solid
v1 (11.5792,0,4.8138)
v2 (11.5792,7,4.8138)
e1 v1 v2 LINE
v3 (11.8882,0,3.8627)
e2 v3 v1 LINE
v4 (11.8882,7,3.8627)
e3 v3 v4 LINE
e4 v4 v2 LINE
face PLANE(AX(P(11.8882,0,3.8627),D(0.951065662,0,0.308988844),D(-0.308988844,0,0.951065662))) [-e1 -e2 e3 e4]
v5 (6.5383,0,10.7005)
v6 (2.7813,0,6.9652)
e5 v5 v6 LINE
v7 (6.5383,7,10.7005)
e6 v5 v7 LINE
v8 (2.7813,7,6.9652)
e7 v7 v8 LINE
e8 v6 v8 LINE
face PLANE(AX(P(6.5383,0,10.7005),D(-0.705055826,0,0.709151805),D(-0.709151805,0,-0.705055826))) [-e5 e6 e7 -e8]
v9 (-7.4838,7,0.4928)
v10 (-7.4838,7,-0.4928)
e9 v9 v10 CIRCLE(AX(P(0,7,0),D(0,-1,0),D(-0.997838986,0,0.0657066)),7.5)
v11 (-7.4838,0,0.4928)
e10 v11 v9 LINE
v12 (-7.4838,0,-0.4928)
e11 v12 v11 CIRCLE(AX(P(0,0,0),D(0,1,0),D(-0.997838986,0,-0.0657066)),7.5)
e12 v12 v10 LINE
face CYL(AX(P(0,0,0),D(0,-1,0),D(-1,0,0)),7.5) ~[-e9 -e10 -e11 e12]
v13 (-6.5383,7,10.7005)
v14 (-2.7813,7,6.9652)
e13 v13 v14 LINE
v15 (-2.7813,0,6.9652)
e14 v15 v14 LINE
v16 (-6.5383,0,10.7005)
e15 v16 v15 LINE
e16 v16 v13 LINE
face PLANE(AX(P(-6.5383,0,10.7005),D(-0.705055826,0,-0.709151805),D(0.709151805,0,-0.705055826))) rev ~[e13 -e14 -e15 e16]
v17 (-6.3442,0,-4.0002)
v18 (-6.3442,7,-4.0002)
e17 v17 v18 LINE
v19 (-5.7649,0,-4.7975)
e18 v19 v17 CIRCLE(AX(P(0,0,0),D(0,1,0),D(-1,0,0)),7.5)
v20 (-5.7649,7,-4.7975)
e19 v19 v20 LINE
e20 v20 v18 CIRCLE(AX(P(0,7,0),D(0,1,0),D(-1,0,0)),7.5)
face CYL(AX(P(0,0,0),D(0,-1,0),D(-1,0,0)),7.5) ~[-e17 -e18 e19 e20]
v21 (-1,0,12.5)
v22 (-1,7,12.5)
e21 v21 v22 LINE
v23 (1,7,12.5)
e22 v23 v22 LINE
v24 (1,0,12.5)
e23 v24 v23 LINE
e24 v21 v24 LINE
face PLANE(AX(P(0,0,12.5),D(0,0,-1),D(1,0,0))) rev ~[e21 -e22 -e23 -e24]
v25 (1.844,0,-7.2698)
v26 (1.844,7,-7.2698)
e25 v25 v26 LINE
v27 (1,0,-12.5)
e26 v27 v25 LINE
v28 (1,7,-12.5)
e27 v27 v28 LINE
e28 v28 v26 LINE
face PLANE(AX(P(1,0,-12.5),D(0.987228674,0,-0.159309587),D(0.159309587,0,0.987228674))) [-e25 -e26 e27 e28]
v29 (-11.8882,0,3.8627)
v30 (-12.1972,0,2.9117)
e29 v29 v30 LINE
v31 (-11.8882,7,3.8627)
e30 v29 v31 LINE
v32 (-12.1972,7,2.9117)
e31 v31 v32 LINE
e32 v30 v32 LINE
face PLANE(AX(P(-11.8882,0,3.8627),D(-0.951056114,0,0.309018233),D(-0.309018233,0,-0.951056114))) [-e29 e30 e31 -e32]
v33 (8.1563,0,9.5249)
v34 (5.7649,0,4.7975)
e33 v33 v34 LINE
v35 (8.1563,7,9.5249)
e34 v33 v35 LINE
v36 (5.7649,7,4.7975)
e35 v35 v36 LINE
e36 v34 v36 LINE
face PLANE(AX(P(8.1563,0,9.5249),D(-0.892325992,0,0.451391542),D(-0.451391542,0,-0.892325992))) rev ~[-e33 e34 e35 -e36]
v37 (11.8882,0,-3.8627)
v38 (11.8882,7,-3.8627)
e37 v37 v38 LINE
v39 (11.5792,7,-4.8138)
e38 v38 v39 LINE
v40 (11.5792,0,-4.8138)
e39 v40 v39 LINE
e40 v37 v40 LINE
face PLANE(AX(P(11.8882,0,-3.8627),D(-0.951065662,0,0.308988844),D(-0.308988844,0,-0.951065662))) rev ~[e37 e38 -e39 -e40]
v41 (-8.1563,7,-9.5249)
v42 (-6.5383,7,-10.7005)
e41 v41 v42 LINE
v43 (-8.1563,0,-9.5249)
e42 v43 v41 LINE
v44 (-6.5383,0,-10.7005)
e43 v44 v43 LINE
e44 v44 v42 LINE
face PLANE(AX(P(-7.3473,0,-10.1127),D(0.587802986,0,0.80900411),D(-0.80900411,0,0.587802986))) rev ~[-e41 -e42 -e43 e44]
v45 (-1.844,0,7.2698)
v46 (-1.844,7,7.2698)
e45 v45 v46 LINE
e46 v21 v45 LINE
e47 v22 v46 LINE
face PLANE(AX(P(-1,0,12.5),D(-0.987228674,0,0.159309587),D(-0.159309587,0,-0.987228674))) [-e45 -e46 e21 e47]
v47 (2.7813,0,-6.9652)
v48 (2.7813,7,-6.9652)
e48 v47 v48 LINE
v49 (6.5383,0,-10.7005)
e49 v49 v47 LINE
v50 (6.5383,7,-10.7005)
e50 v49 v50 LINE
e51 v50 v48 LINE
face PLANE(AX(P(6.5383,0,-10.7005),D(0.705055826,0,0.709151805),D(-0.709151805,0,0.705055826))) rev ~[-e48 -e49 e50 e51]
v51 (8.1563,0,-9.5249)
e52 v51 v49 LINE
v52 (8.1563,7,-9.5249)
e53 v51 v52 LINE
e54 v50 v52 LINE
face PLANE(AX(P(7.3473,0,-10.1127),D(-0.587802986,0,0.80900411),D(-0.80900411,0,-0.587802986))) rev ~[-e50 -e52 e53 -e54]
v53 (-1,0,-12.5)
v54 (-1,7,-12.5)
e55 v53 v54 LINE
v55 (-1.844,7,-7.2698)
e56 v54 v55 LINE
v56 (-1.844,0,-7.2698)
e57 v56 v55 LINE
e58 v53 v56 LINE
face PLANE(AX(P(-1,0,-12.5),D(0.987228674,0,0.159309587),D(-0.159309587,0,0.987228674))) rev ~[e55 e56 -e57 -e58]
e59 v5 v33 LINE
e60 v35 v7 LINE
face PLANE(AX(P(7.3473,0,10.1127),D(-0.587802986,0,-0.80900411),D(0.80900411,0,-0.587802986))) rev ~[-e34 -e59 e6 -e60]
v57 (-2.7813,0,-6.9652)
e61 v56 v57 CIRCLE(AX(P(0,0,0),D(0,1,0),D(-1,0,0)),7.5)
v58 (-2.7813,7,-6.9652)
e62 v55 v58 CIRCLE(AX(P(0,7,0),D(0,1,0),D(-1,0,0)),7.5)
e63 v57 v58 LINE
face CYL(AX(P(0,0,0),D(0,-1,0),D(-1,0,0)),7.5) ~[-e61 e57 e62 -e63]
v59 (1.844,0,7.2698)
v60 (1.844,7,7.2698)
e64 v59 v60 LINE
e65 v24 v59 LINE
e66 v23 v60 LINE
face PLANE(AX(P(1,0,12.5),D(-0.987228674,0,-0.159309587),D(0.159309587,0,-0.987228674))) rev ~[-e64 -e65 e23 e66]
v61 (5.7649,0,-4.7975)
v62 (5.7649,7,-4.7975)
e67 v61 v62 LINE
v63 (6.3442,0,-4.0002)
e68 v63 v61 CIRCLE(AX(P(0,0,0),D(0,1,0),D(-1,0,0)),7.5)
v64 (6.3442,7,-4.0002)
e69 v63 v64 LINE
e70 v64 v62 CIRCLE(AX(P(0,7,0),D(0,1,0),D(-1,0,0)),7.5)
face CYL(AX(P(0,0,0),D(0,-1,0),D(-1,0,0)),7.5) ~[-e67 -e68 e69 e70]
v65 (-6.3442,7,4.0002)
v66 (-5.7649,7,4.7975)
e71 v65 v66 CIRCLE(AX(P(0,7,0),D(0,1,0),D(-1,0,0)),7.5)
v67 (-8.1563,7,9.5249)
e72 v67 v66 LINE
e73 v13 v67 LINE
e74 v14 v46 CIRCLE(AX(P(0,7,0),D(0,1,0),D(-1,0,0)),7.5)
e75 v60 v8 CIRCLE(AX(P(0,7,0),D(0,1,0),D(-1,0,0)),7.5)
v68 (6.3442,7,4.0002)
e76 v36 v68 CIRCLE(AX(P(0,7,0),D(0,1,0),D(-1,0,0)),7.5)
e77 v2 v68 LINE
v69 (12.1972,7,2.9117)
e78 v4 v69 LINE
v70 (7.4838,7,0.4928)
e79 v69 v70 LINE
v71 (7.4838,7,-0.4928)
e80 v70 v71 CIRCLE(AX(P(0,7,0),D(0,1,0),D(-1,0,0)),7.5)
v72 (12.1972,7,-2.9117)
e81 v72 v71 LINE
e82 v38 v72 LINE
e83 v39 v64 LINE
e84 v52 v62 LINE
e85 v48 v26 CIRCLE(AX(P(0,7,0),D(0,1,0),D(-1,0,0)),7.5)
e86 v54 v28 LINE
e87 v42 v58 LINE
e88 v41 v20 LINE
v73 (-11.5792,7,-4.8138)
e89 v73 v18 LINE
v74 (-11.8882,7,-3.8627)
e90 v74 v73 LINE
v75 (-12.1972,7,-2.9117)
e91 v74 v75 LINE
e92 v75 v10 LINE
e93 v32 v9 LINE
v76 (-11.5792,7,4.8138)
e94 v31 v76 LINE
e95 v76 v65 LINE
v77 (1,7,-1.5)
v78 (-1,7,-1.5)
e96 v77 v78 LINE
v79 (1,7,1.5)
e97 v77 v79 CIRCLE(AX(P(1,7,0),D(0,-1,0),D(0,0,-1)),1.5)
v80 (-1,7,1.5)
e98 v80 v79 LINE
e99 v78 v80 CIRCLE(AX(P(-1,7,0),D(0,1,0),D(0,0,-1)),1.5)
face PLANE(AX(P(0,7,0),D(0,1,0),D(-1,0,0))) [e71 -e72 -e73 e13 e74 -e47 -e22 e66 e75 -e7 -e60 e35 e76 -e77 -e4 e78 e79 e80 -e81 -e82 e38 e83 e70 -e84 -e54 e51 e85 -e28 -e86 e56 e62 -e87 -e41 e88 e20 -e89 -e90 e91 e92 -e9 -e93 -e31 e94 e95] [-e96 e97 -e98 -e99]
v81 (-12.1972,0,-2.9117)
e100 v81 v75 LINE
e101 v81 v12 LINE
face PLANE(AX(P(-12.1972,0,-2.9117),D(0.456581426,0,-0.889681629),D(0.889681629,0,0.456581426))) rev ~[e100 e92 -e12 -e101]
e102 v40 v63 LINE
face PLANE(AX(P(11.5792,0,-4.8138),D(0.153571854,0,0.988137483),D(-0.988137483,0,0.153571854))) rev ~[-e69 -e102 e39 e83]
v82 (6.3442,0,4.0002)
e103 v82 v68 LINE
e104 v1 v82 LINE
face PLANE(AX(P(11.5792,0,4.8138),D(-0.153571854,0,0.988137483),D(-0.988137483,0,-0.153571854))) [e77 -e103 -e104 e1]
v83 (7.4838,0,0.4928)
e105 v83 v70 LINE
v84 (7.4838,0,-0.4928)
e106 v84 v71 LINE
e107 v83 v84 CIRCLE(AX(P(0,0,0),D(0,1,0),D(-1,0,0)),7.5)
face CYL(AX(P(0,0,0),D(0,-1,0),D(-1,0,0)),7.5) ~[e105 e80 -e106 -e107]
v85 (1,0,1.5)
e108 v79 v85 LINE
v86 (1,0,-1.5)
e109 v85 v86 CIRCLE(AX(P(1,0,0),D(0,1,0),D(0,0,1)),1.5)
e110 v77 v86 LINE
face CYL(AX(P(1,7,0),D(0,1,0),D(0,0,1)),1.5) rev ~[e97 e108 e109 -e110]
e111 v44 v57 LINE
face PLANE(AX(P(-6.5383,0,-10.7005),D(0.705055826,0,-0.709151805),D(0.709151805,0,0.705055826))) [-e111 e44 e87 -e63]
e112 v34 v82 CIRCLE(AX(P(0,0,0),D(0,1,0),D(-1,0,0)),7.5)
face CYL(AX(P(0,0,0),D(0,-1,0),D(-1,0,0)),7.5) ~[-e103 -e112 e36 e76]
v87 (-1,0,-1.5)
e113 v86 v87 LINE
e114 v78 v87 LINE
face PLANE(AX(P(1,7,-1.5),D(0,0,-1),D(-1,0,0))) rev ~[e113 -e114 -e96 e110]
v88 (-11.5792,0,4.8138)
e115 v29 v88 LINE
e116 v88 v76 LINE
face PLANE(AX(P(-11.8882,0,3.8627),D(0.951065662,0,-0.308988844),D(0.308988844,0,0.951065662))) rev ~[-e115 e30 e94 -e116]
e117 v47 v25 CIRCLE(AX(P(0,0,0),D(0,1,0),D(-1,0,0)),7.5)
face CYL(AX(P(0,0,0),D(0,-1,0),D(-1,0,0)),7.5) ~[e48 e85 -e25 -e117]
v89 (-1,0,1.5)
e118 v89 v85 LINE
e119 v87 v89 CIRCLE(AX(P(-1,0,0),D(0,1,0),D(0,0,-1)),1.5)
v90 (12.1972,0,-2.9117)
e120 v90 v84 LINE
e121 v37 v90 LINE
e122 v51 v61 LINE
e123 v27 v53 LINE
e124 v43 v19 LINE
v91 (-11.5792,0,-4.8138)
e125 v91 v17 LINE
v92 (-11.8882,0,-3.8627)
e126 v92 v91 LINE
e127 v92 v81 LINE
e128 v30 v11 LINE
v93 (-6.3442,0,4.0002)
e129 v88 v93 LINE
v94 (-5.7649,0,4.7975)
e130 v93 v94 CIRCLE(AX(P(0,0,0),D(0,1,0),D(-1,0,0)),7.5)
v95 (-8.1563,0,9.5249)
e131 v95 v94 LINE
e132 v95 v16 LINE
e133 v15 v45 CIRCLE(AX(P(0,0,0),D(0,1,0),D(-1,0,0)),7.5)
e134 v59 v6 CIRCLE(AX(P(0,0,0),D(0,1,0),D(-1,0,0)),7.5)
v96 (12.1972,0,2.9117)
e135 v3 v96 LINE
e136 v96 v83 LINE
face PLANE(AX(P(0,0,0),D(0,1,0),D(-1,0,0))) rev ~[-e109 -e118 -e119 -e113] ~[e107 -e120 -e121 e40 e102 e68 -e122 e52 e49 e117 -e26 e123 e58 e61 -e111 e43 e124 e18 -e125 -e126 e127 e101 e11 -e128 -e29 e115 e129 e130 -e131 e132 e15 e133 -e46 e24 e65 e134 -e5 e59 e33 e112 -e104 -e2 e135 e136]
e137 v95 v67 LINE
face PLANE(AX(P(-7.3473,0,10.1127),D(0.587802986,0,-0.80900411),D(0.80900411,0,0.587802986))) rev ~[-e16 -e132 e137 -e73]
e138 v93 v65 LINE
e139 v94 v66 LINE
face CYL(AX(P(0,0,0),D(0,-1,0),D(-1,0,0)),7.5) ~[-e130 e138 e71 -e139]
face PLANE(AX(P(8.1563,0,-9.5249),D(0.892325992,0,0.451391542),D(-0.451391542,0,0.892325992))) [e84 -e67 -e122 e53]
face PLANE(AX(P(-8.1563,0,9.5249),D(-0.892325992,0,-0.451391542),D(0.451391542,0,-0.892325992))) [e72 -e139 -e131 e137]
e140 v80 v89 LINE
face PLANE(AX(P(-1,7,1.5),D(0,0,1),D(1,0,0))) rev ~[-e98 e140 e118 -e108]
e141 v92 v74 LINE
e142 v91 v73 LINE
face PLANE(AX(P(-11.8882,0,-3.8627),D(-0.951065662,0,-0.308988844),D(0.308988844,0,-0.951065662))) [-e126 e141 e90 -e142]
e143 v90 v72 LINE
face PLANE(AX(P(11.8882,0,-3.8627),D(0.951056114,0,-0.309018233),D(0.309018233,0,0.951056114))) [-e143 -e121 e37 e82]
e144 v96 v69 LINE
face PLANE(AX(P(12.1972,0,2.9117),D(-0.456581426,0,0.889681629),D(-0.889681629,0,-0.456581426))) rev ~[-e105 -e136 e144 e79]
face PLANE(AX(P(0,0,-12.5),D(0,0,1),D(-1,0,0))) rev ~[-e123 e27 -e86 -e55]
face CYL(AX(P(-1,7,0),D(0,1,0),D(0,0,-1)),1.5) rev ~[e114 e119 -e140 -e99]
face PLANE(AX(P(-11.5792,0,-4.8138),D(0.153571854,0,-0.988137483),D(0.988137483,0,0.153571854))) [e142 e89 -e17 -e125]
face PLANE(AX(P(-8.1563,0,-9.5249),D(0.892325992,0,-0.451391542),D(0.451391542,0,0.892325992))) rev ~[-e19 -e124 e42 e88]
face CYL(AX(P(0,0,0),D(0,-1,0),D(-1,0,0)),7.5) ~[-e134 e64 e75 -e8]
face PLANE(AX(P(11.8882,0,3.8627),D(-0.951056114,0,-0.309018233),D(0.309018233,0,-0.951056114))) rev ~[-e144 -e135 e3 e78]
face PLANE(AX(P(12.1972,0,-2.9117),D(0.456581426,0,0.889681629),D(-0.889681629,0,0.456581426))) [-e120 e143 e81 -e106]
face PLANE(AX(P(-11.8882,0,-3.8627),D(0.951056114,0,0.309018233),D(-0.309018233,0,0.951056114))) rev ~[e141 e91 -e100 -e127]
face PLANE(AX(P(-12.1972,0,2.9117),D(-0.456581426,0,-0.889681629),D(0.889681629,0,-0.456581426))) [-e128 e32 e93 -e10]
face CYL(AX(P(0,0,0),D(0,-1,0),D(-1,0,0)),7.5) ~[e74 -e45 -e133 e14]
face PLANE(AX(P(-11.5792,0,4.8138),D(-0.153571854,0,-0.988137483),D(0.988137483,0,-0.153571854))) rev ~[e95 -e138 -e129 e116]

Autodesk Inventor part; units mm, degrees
sketch "Sketch1" plane through (0, 0, 0) normal (0, 1, 0) x (-1, 0, 0)
  circle A0 centre (0, 0) radius 7.5
  dimension "d0" = 15
extrude "Extrusion1" add sketch "Sketch1" along normal blind 7
sketch "Sketch2" plane through (0, 7, 0) normal (0, 1, 0) x (1, 0, 0)
  line L0 (0, 0) -> (2.5, 0)
  line L1 (2.5, 0) -> (-2.5, 0) construction
  line L2 (1, 1.5) -> (-1, 1.5)
  line L3 (-1, -1.5) -> (1, -1.5)
  arc A0 (1, -1.5) -> (1, 1.5) centre (1, 0) ccw
  arc A1 (-1, 1.5) -> (-1, -1.5) centre (-1, 0) ccw
  dimension "d3" = 2.5
  dimension "d4" = 5
  dimension "d5" = 3
extrude "Extrusion2" cut sketch "Sketch2" against normal blind 7
sketch "Sketch3" plane through (0, 0, 0) normal (0, 1, 0) x (-1, 0, 0)
  circle A0 centre (0, 0) radius 7.5 projected
  line L0 (0, 12.5) -> (1, 12.5)
  line L1 (1, 12.5) -> (1.844, 7.2698)
  line L2 (-1, 12.5) -> (-1.844, 7.2698)
  line L3 (0, 12.5) -> (-1, 12.5)
  line L4 (-7.3473, 10.1127) -> (-6.5383, 10.7005)
  line L5 (-7.3473, 10.1127) -> (-8.1563, 9.5249)
  line L6 (-8.1563, 9.5249) -> (-5.7649, 4.7975)
  line L7 (-6.5383, 10.7005) -> (-2.7813, 6.9652)
  line L8 (-11.8882, 3.8627) -> (-11.5792, 4.8138)
  line L9 (-11.8882, 3.8627) -> (-12.1972, 2.9117)
  line L10 (-12.1972, 2.9117) -> (-7.4838, 0.4928)
  line L11 (-11.5792, 4.8138) -> (-6.3442, 4.0002)
  line L12 (-11.8882, -3.8627) -> (-12.1972, -2.9117)
  line L13 (-11.8882, -3.8627) -> (-11.5792, -4.8138)
  line L14 (-11.5792, -4.8138) -> (-6.3442, -4.0002)
  line L15 (-12.1972, -2.9117) -> (-7.4838, -0.4928)
  line L16 (-7.3473, -10.1127) -> (-8.1563, -9.5249)
  line L17 (-7.3473, -10.1127) -> (-6.5383, -10.7005)
  line L18 (-6.5383, -10.7005) -> (-2.7813, -6.9652)
  line L19 (-8.1563, -9.5249) -> (-5.7649, -4.7975)
  line L20 (0, -12.5) -> (-1, -12.5)
  line L21 (0, -12.5) -> (1, -12.5)
  line L22 (1, -12.5) -> (1.844, -7.2698)
  line L23 (-1, -12.5) -> (-1.844, -7.2698)
  line L24 (7.3473, -10.1127) -> (6.5383, -10.7005)
  line L25 (7.3473, -10.1127) -> (8.1563, -9.5249)
  line L26 (8.1563, -9.5249) -> (5.7649, -4.7975)
  line L27 (6.5383, -10.7005) -> (2.7813, -6.9652)
  line L28 (11.8882, -3.8627) -> (11.5792, -4.8138)
  line L29 (11.8882, -3.8627) -> (12.1972, -2.9117)
  line L30 (12.1972, -2.9117) -> (7.4838, -0.4928)
  line L31 (11.5792, -4.8138) -> (6.3442, -4.0002)
  line L32 (11.8882, 3.8627) -> (12.1972, 2.9117)
  line L33 (11.8882, 3.8627) -> (11.5792, 4.8138)
  line L34 (11.5792, 4.8138) -> (6.3442, 4.0002)
  line L35 (12.1972, 2.9117) -> (7.4838, 0.4928)
  line L36 (7.3473, 10.1127) -> (8.1563, 9.5249)
  line L37 (7.3473, 10.1127) -> (6.5383, 10.7005)
  line L38 (6.5383, 10.7005) -> (2.7813, 6.9652)
  line L39 (8.1563, 9.5249) -> (5.7649, 4.7975)
  dimension "d9" = 1
  dimension "d12" = 360
extrude "Extrusion3" add sketch "Sketch3" along normal blind 7 contours A0 L34 L33 L32 L35 | L30 L29 L28 L31 A0 | A0 L38 L37 L36 L39 | L26 L25 L24 L27 A0 | A0 L2 L3 L0 L1 | L22 L21 L20 L23 A0 | A0 L6 L5 L4 L7 | L18 L17 L16 L19 A0 | A0 L10 L9 L8 L11 | L14 L13 L12 L15 A0
properties part number "zahnrad"
